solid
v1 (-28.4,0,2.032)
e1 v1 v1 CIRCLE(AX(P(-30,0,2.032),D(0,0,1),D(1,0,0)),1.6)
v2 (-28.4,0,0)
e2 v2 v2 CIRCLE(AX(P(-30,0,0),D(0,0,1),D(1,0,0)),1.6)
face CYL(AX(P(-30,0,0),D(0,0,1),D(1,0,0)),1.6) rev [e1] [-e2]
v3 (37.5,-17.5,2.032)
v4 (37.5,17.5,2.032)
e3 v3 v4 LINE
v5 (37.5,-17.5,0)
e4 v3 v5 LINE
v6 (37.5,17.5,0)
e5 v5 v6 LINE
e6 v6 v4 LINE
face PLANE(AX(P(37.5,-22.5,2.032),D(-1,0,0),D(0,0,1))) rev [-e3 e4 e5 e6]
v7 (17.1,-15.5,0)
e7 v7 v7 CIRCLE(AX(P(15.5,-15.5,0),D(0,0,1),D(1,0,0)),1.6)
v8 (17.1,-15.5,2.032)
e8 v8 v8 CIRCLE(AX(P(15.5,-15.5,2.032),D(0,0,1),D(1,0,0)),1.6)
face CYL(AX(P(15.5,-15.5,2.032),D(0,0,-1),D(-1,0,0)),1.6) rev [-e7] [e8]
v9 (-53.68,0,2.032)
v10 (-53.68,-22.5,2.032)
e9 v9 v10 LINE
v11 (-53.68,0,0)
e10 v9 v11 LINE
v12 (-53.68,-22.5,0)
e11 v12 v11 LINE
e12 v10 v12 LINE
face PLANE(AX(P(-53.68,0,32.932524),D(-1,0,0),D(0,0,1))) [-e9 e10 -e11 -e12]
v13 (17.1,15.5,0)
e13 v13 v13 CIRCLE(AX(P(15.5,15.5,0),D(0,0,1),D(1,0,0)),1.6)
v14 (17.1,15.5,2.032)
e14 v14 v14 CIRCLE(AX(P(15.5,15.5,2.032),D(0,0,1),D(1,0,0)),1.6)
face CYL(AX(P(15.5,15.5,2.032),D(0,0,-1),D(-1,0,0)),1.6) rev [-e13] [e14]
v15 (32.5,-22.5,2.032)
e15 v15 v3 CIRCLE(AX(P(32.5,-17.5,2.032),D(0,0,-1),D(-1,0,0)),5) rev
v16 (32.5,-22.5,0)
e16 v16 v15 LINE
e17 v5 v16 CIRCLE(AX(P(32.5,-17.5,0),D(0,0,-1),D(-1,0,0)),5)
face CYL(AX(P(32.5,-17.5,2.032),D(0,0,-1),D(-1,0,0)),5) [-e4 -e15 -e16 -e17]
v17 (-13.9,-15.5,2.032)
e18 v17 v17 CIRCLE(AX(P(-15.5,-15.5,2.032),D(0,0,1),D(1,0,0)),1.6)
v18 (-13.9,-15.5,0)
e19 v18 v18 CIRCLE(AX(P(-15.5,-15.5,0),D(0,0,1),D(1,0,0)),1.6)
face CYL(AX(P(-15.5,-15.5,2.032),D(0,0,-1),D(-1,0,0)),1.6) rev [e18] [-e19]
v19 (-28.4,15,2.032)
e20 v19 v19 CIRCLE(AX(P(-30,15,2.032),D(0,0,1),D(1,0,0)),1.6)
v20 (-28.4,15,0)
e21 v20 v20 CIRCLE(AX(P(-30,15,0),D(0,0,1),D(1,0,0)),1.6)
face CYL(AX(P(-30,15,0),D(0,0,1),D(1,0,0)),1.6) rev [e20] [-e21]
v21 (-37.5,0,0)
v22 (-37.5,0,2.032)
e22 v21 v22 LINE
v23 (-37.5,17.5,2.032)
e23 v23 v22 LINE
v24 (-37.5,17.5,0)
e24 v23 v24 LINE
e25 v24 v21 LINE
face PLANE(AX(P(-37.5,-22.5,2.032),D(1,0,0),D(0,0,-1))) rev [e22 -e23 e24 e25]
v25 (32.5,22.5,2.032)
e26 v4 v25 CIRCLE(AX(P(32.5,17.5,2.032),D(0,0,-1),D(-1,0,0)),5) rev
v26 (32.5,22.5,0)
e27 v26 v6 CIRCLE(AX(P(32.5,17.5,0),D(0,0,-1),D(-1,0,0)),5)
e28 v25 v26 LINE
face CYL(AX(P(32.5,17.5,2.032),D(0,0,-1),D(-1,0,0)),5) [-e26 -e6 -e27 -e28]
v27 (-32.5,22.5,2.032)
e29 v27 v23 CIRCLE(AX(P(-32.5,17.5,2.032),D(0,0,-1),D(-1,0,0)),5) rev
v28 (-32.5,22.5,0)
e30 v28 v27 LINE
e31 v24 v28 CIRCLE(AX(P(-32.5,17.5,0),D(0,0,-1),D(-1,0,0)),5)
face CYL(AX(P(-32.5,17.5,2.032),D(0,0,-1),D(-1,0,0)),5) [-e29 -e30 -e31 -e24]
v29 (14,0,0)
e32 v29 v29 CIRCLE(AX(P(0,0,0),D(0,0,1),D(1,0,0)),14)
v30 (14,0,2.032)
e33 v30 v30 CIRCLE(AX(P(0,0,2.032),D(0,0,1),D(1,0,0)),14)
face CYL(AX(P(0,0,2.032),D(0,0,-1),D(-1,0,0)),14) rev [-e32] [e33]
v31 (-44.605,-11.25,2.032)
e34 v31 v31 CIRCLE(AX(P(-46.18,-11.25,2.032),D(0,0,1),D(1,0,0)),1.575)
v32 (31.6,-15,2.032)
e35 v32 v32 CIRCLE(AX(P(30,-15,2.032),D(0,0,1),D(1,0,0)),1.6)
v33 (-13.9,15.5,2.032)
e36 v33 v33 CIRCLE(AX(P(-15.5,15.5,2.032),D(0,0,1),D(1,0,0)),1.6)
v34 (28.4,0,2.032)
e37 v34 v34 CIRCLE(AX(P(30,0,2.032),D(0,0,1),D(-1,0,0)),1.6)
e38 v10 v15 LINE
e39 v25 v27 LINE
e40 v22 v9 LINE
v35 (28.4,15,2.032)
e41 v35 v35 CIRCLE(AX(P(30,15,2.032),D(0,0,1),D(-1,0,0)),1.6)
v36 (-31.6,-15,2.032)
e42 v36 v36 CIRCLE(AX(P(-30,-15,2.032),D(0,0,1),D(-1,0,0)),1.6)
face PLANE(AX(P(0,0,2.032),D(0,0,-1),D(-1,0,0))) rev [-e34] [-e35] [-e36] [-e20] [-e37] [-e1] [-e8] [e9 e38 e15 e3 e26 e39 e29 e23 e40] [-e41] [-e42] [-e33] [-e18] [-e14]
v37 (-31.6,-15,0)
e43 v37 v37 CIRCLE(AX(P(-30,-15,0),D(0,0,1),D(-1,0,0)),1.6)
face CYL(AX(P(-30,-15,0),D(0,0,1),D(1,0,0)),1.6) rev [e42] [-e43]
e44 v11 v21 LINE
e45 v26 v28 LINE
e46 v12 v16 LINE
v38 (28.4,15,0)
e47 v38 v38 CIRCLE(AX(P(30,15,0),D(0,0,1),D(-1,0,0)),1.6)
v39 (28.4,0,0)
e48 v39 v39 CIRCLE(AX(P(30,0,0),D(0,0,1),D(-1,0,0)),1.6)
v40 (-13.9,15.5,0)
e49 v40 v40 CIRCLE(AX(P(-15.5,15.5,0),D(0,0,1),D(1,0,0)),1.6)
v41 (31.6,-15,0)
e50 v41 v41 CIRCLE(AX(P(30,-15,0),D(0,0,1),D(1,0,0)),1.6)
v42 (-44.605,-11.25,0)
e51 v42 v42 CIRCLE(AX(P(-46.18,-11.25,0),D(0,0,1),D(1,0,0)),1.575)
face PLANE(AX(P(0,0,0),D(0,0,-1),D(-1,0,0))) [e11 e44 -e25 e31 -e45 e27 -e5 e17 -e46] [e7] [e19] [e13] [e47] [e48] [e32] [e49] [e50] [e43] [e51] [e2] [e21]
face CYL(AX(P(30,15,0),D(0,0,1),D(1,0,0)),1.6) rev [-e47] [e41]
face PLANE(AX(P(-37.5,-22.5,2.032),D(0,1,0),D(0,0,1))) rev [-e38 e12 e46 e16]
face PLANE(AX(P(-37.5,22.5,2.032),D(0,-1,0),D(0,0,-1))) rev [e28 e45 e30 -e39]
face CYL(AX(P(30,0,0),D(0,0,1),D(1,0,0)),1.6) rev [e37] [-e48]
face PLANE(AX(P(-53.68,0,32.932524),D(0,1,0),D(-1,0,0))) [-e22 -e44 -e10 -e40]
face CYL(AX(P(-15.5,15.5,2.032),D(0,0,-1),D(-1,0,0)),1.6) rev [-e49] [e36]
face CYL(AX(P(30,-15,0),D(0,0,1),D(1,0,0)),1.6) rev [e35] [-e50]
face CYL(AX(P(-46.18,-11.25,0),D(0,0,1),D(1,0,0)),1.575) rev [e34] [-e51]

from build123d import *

# Parameters (mm, degrees)
SKETCH1_W               = 75
SKETCH1_H               = 45
SKETCH1_R               = 14
SKETCH1_R_2             = 1.6
BOSS_EXTRUDE1_DEPTH     = 2.032
FILLET2_R               = 5
SKETCH2_R               = 1.6
CUT_EXTRUDE1_DEPTH      = 3.032
SKETCH4_W               = 21.18
SKETCH4_H               = 22.5
BOSS_EXTRUDE2_DEPTH     = 2.032
MOUNTING_HOLE_SKETCH_R  = 1.575
MOUNTING_HOLE_CUT_DEPTH = 3.032


with BuildPart() as part:
    # Sketch1 → Boss-Extrude1 (new body)
    with BuildSketch(Plane.XY):
        Rectangle(SKETCH1_W, SKETCH1_H)
        Circle(SKETCH1_R, mode=Mode.SUBTRACT)
        with Locations((-15.5, 15.5)):
            Circle(SKETCH1_R_2, mode=Mode.SUBTRACT)
        with Locations((15.5, 15.5)):
            Circle(SKETCH1_R_2, mode=Mode.SUBTRACT)
        with Locations((15.5, -15.5)):
            Circle(SKETCH1_R_2, mode=Mode.SUBTRACT)
        with Locations((-15.5, -15.5)):
            Circle(SKETCH1_R_2, mode=Mode.SUBTRACT)
    extrude(amount=BOSS_EXTRUDE1_DEPTH)

    # Fillet2
    fillet2_edges = [part.edges().sort_by_distance(p)[0] for p in [
        (37.5, -22.5, 1.016),
        (-37.5, -22.5, 1.016),
        (-37.5, 22.5, 1.016),
        (37.5, 22.5, 1.016),
    ]]
    fillet(fillet2_edges, radius=FILLET2_R)

    # Sketch2 → Cut-Extrude1 (cut, through all)
    with BuildSketch(Plane.XY.offset(2.032)):
        with Locations((-30, 0)):
            Circle(SKETCH2_R)
        with Locations((-30, 15)):
            Circle(SKETCH2_R)
        with Locations((-30, -15)):
            Circle(SKETCH2_R)
        with Locations((30, -15)):
            Circle(SKETCH2_R)
        with Locations((30, 15)):
            Circle(SKETCH2_R)
        with Locations((30, 0)):
            Circle(SKETCH2_R)
    extrude(amount=-CUT_EXTRUDE1_DEPTH, mode=Mode.SUBTRACT)

    # Sketch4 → Boss-Extrude2 (add)
    with BuildSketch(Plane(origin=(0, 0, 0), x_dir=(-1, 0, 0), z_dir=(0, 0, -1))):
        with Locations((43.09, -11.25)):
            Rectangle(SKETCH4_W, SKETCH4_H)
    extrude(amount=-BOSS_EXTRUDE2_DEPTH)

    # Mounting Hole Sketch → Mounting Hole Cut (cut, through all)
    with BuildSketch(Plane.XY.offset(2.032)):
        with Locations((-46.18, -11.25)):
            Circle(MOUNTING_HOLE_SKETCH_R)
    extrude(amount=-MOUNTING_HOLE_CUT_DEPTH, mode=Mode.SUBTRACT)


solid = part.part
